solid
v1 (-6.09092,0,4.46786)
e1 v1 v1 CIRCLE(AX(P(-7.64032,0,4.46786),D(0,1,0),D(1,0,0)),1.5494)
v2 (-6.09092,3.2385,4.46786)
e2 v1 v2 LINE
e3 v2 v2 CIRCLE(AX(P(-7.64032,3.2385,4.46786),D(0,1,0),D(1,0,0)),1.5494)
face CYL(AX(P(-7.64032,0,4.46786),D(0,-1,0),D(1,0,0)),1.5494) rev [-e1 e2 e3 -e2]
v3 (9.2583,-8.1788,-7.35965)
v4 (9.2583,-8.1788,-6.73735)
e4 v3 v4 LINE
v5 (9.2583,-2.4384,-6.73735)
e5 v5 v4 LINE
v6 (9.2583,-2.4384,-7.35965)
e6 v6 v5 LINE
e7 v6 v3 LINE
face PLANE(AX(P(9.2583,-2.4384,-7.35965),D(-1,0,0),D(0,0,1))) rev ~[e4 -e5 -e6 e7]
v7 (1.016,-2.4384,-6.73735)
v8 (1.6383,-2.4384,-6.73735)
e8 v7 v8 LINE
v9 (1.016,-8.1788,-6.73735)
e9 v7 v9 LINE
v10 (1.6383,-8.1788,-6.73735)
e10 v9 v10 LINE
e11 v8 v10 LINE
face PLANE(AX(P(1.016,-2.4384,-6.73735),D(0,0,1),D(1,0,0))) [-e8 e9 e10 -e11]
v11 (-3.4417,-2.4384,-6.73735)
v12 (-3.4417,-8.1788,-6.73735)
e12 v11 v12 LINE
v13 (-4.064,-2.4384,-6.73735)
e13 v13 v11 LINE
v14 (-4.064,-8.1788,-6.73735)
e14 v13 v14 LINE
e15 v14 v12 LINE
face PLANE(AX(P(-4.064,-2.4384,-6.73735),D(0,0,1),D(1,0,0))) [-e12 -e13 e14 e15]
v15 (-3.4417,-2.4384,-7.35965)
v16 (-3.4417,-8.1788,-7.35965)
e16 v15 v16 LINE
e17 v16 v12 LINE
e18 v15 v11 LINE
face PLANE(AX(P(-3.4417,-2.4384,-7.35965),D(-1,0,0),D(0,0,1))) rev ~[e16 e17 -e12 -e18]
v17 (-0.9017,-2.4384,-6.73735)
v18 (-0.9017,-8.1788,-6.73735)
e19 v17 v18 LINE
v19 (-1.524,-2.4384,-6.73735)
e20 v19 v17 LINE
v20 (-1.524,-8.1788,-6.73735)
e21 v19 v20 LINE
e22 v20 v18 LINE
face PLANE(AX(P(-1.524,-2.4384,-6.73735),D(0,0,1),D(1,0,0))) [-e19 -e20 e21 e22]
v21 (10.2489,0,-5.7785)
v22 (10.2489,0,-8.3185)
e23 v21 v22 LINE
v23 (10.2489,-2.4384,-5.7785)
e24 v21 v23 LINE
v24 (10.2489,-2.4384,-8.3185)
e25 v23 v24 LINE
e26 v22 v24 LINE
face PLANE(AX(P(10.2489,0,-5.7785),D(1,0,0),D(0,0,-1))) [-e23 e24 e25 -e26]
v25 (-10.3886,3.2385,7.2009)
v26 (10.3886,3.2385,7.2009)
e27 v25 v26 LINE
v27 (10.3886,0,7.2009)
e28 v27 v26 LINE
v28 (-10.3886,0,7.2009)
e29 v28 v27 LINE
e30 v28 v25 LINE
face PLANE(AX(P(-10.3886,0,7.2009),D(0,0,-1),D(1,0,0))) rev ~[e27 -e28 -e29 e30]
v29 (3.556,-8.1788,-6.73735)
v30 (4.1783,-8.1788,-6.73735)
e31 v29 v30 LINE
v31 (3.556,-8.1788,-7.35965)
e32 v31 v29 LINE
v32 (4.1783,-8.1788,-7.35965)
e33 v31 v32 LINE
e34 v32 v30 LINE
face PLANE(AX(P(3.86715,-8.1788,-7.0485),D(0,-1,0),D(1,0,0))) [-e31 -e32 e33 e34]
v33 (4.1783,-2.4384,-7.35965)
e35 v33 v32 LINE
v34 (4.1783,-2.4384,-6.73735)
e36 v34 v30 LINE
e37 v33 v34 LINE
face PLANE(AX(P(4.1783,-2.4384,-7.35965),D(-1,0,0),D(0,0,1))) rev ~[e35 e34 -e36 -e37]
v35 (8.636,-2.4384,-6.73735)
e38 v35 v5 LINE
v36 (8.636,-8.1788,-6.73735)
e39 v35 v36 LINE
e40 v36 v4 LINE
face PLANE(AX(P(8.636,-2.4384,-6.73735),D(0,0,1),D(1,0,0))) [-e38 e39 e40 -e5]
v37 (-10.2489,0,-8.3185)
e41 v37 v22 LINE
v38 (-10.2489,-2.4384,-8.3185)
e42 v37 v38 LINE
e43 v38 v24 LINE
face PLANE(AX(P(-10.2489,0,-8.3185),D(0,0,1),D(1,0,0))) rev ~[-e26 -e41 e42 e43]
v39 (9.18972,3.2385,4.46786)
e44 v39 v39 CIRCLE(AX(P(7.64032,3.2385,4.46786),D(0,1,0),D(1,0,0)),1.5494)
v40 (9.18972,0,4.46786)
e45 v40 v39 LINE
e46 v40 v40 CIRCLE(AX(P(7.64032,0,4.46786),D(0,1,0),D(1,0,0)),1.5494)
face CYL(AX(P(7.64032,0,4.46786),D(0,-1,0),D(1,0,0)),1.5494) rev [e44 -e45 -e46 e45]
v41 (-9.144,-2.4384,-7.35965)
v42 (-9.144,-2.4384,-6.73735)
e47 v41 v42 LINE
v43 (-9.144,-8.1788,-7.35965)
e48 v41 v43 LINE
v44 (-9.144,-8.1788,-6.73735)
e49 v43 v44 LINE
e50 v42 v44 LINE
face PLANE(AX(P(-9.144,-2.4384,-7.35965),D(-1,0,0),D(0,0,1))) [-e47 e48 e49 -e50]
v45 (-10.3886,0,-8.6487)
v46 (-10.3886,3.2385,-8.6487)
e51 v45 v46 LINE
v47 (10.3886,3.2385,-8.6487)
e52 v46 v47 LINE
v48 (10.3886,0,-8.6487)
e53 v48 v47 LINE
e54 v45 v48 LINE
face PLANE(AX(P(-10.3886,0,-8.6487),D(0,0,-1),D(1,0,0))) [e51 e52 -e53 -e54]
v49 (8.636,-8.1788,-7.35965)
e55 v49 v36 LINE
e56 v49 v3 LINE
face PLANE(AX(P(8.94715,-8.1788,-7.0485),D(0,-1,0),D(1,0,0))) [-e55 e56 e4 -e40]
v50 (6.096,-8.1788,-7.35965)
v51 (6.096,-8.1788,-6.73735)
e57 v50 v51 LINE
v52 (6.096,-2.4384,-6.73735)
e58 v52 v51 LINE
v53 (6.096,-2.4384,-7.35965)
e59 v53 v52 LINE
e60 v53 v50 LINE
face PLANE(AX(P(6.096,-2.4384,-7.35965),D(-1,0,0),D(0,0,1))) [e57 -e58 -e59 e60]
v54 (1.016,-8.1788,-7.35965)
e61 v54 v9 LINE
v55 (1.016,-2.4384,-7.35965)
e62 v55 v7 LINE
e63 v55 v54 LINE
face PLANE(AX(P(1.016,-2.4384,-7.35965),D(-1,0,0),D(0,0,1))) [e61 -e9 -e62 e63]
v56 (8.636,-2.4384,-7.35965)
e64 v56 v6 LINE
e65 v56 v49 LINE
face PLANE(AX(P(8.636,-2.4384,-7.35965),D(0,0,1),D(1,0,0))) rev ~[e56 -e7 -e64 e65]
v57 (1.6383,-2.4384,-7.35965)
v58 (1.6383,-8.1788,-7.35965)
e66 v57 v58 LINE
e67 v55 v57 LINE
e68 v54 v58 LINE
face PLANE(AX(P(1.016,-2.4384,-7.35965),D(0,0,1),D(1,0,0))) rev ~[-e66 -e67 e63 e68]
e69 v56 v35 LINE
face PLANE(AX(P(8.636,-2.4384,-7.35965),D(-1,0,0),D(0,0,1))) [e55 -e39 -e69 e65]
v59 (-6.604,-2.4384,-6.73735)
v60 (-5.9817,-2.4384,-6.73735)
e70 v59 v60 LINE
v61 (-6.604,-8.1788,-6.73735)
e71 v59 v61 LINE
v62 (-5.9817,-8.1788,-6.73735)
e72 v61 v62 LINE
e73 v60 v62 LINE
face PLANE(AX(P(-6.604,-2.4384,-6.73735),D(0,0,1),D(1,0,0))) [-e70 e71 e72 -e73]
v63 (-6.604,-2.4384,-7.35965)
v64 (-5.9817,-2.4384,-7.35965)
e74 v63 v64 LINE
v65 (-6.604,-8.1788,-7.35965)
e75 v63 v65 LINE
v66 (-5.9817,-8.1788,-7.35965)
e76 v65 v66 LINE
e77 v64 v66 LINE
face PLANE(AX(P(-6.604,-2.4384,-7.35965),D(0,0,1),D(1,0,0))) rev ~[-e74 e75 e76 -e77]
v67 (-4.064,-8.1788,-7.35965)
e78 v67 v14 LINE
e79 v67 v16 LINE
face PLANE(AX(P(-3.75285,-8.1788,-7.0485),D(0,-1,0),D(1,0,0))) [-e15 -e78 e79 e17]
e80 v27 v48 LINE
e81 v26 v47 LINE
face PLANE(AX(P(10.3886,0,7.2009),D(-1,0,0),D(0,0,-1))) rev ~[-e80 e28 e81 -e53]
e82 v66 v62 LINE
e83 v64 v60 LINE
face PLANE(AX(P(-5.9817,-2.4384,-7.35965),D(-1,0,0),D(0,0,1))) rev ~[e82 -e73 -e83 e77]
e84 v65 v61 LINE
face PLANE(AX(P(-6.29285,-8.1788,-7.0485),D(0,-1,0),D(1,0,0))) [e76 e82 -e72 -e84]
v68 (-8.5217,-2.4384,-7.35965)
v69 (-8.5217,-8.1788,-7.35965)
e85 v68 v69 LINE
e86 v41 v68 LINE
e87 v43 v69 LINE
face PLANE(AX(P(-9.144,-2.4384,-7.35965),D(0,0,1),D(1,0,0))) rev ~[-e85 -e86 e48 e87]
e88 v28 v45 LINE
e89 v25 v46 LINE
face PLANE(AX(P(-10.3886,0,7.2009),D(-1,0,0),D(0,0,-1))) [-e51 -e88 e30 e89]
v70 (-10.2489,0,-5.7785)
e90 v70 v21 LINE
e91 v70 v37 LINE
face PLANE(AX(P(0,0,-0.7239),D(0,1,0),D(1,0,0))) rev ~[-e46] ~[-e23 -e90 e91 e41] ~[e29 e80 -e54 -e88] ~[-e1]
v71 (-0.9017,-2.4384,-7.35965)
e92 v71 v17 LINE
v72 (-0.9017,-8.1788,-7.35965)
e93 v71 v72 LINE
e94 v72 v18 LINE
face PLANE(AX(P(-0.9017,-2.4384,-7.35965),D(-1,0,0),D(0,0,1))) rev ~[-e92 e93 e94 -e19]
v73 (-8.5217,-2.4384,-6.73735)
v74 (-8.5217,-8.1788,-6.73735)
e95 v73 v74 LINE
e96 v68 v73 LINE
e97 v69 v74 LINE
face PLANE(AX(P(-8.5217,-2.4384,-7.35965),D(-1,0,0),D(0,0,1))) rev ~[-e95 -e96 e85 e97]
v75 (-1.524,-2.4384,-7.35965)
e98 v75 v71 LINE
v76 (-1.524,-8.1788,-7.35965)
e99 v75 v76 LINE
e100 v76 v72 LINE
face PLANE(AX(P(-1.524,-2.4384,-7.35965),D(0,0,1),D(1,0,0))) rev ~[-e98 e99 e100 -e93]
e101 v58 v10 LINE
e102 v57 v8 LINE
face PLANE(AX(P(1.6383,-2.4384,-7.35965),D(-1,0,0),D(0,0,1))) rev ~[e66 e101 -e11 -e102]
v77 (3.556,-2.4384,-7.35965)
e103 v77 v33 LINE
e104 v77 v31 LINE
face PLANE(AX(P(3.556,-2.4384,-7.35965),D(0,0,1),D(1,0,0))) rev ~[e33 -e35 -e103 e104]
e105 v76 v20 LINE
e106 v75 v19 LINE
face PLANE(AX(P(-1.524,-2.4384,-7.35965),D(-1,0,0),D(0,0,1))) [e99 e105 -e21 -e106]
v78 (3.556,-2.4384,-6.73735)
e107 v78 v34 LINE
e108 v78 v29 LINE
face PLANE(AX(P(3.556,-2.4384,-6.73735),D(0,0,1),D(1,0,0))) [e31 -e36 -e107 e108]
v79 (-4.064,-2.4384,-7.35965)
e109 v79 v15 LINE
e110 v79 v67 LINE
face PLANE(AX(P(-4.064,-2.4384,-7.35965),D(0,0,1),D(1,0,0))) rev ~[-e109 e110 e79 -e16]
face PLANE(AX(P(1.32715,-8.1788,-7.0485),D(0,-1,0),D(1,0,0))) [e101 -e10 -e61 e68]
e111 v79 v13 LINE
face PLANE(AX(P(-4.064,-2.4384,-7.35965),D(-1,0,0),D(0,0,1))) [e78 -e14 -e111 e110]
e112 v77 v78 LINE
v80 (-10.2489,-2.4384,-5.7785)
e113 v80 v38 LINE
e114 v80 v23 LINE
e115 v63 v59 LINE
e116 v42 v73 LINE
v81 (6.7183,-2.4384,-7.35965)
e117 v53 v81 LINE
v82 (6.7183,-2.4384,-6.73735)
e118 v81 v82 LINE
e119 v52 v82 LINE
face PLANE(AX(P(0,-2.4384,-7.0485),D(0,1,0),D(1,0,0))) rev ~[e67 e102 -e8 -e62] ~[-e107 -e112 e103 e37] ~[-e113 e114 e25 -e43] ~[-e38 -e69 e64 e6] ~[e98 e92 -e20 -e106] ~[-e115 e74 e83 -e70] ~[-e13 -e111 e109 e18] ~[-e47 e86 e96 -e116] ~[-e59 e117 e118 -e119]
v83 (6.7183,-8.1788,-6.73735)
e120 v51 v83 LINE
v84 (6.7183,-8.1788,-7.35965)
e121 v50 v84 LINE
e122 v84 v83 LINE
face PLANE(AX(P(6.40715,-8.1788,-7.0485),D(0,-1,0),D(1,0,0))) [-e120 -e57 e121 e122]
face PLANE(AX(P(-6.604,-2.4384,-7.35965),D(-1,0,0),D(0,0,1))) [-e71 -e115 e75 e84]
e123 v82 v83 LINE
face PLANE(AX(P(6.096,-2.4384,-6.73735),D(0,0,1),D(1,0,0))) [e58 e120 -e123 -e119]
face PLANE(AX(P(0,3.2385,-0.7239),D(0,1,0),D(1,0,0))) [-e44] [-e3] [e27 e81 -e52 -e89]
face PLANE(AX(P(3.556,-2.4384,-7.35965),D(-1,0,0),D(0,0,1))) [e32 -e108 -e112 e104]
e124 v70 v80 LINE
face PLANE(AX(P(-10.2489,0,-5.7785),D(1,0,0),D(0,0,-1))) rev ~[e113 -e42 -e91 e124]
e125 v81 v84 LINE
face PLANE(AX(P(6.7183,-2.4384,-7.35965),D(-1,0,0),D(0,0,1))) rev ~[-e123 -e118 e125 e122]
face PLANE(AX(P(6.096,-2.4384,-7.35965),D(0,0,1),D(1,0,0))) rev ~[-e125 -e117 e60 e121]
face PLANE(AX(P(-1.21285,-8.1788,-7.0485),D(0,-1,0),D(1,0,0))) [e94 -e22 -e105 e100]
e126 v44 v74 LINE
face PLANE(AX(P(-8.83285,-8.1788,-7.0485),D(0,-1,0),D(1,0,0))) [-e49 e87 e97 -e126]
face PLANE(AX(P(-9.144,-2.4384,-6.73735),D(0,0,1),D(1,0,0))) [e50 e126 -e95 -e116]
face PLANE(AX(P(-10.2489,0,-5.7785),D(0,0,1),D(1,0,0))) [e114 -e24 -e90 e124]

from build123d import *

# Parameters (mm, degrees)
SKETCH1_W           = 20.7772
SKETCH1_H           = 15.8496
SKETCH1_R           = 1.5494
BOSS_EXTRUDE2_DEPTH = 3.2385
SKETCH2_W           = 20.4978
SKETCH2_H           = 2.54
BOSS_EXTRUDE3_DEPTH = 2.4384
SKETCH3_W           = 0.6223
SKETCH3_H           = 0.6223
BOSS_EXTRUDE4_DEPTH = 5.7404


with BuildPart() as part:
    # Sketch1 → Boss-Extrude2 (new body)
    with BuildSketch(Plane(origin=(0, 0, 0), x_dir=(1, 0, 0), z_dir=(0, 1, 0))):
        with Locations((0, 0.7239)):
            Rectangle(SKETCH1_W, SKETCH1_H)
        with Locations((7.64032, -4.46786)):
            Circle(SKETCH1_R, mode=Mode.SUBTRACT)
        with Locations((-7.64032, -4.46786)):
            Circle(SKETCH1_R, mode=Mode.SUBTRACT)
    extrude(amount=BOSS_EXTRUDE2_DEPTH)

    # Sketch2 → Boss-Extrude3 (add)
    with BuildSketch(Plane(origin=(0, 0, 0), x_dir=(1, 0, 0), z_dir=(0, 1, 0))):
        with Locations((0, 7.0485)):
            Rectangle(SKETCH2_W, SKETCH2_H)
    extrude(amount=-BOSS_EXTRUDE3_DEPTH)

    # Sketch3 → Boss-Extrude4 (add)
    with BuildSketch(Plane.XZ.offset(2.4384)):
        with Locations((-6.29285, -7.0485)):
            Rectangle(SKETCH3_W, SKETCH3_H)
        with Locations((-8.83285, -7.0485)):
            Rectangle(SKETCH3_W, SKETCH3_H)
        with Locations((-3.75285, -7.0485)):
            Rectangle(SKETCH3_W, SKETCH3_H)
        with Locations((-1.21285, -7.0485)):
            Rectangle(SKETCH3_W, SKETCH3_H)
        with Locations((1.32715, -7.0485)):
            Rectangle(SKETCH3_W, SKETCH3_H)
        with Locations((3.86715, -7.0485)):
            Rectangle(SKETCH3_W, SKETCH3_H)
        with Locations((6.40715, -7.0485)):
            Rectangle(SKETCH3_W, SKETCH3_H)
        with Locations((8.94715, -7.0485)):
            Rectangle(SKETCH3_W, SKETCH3_H)
    extrude(amount=BOSS_EXTRUDE4_DEPTH)


solid = part.part
